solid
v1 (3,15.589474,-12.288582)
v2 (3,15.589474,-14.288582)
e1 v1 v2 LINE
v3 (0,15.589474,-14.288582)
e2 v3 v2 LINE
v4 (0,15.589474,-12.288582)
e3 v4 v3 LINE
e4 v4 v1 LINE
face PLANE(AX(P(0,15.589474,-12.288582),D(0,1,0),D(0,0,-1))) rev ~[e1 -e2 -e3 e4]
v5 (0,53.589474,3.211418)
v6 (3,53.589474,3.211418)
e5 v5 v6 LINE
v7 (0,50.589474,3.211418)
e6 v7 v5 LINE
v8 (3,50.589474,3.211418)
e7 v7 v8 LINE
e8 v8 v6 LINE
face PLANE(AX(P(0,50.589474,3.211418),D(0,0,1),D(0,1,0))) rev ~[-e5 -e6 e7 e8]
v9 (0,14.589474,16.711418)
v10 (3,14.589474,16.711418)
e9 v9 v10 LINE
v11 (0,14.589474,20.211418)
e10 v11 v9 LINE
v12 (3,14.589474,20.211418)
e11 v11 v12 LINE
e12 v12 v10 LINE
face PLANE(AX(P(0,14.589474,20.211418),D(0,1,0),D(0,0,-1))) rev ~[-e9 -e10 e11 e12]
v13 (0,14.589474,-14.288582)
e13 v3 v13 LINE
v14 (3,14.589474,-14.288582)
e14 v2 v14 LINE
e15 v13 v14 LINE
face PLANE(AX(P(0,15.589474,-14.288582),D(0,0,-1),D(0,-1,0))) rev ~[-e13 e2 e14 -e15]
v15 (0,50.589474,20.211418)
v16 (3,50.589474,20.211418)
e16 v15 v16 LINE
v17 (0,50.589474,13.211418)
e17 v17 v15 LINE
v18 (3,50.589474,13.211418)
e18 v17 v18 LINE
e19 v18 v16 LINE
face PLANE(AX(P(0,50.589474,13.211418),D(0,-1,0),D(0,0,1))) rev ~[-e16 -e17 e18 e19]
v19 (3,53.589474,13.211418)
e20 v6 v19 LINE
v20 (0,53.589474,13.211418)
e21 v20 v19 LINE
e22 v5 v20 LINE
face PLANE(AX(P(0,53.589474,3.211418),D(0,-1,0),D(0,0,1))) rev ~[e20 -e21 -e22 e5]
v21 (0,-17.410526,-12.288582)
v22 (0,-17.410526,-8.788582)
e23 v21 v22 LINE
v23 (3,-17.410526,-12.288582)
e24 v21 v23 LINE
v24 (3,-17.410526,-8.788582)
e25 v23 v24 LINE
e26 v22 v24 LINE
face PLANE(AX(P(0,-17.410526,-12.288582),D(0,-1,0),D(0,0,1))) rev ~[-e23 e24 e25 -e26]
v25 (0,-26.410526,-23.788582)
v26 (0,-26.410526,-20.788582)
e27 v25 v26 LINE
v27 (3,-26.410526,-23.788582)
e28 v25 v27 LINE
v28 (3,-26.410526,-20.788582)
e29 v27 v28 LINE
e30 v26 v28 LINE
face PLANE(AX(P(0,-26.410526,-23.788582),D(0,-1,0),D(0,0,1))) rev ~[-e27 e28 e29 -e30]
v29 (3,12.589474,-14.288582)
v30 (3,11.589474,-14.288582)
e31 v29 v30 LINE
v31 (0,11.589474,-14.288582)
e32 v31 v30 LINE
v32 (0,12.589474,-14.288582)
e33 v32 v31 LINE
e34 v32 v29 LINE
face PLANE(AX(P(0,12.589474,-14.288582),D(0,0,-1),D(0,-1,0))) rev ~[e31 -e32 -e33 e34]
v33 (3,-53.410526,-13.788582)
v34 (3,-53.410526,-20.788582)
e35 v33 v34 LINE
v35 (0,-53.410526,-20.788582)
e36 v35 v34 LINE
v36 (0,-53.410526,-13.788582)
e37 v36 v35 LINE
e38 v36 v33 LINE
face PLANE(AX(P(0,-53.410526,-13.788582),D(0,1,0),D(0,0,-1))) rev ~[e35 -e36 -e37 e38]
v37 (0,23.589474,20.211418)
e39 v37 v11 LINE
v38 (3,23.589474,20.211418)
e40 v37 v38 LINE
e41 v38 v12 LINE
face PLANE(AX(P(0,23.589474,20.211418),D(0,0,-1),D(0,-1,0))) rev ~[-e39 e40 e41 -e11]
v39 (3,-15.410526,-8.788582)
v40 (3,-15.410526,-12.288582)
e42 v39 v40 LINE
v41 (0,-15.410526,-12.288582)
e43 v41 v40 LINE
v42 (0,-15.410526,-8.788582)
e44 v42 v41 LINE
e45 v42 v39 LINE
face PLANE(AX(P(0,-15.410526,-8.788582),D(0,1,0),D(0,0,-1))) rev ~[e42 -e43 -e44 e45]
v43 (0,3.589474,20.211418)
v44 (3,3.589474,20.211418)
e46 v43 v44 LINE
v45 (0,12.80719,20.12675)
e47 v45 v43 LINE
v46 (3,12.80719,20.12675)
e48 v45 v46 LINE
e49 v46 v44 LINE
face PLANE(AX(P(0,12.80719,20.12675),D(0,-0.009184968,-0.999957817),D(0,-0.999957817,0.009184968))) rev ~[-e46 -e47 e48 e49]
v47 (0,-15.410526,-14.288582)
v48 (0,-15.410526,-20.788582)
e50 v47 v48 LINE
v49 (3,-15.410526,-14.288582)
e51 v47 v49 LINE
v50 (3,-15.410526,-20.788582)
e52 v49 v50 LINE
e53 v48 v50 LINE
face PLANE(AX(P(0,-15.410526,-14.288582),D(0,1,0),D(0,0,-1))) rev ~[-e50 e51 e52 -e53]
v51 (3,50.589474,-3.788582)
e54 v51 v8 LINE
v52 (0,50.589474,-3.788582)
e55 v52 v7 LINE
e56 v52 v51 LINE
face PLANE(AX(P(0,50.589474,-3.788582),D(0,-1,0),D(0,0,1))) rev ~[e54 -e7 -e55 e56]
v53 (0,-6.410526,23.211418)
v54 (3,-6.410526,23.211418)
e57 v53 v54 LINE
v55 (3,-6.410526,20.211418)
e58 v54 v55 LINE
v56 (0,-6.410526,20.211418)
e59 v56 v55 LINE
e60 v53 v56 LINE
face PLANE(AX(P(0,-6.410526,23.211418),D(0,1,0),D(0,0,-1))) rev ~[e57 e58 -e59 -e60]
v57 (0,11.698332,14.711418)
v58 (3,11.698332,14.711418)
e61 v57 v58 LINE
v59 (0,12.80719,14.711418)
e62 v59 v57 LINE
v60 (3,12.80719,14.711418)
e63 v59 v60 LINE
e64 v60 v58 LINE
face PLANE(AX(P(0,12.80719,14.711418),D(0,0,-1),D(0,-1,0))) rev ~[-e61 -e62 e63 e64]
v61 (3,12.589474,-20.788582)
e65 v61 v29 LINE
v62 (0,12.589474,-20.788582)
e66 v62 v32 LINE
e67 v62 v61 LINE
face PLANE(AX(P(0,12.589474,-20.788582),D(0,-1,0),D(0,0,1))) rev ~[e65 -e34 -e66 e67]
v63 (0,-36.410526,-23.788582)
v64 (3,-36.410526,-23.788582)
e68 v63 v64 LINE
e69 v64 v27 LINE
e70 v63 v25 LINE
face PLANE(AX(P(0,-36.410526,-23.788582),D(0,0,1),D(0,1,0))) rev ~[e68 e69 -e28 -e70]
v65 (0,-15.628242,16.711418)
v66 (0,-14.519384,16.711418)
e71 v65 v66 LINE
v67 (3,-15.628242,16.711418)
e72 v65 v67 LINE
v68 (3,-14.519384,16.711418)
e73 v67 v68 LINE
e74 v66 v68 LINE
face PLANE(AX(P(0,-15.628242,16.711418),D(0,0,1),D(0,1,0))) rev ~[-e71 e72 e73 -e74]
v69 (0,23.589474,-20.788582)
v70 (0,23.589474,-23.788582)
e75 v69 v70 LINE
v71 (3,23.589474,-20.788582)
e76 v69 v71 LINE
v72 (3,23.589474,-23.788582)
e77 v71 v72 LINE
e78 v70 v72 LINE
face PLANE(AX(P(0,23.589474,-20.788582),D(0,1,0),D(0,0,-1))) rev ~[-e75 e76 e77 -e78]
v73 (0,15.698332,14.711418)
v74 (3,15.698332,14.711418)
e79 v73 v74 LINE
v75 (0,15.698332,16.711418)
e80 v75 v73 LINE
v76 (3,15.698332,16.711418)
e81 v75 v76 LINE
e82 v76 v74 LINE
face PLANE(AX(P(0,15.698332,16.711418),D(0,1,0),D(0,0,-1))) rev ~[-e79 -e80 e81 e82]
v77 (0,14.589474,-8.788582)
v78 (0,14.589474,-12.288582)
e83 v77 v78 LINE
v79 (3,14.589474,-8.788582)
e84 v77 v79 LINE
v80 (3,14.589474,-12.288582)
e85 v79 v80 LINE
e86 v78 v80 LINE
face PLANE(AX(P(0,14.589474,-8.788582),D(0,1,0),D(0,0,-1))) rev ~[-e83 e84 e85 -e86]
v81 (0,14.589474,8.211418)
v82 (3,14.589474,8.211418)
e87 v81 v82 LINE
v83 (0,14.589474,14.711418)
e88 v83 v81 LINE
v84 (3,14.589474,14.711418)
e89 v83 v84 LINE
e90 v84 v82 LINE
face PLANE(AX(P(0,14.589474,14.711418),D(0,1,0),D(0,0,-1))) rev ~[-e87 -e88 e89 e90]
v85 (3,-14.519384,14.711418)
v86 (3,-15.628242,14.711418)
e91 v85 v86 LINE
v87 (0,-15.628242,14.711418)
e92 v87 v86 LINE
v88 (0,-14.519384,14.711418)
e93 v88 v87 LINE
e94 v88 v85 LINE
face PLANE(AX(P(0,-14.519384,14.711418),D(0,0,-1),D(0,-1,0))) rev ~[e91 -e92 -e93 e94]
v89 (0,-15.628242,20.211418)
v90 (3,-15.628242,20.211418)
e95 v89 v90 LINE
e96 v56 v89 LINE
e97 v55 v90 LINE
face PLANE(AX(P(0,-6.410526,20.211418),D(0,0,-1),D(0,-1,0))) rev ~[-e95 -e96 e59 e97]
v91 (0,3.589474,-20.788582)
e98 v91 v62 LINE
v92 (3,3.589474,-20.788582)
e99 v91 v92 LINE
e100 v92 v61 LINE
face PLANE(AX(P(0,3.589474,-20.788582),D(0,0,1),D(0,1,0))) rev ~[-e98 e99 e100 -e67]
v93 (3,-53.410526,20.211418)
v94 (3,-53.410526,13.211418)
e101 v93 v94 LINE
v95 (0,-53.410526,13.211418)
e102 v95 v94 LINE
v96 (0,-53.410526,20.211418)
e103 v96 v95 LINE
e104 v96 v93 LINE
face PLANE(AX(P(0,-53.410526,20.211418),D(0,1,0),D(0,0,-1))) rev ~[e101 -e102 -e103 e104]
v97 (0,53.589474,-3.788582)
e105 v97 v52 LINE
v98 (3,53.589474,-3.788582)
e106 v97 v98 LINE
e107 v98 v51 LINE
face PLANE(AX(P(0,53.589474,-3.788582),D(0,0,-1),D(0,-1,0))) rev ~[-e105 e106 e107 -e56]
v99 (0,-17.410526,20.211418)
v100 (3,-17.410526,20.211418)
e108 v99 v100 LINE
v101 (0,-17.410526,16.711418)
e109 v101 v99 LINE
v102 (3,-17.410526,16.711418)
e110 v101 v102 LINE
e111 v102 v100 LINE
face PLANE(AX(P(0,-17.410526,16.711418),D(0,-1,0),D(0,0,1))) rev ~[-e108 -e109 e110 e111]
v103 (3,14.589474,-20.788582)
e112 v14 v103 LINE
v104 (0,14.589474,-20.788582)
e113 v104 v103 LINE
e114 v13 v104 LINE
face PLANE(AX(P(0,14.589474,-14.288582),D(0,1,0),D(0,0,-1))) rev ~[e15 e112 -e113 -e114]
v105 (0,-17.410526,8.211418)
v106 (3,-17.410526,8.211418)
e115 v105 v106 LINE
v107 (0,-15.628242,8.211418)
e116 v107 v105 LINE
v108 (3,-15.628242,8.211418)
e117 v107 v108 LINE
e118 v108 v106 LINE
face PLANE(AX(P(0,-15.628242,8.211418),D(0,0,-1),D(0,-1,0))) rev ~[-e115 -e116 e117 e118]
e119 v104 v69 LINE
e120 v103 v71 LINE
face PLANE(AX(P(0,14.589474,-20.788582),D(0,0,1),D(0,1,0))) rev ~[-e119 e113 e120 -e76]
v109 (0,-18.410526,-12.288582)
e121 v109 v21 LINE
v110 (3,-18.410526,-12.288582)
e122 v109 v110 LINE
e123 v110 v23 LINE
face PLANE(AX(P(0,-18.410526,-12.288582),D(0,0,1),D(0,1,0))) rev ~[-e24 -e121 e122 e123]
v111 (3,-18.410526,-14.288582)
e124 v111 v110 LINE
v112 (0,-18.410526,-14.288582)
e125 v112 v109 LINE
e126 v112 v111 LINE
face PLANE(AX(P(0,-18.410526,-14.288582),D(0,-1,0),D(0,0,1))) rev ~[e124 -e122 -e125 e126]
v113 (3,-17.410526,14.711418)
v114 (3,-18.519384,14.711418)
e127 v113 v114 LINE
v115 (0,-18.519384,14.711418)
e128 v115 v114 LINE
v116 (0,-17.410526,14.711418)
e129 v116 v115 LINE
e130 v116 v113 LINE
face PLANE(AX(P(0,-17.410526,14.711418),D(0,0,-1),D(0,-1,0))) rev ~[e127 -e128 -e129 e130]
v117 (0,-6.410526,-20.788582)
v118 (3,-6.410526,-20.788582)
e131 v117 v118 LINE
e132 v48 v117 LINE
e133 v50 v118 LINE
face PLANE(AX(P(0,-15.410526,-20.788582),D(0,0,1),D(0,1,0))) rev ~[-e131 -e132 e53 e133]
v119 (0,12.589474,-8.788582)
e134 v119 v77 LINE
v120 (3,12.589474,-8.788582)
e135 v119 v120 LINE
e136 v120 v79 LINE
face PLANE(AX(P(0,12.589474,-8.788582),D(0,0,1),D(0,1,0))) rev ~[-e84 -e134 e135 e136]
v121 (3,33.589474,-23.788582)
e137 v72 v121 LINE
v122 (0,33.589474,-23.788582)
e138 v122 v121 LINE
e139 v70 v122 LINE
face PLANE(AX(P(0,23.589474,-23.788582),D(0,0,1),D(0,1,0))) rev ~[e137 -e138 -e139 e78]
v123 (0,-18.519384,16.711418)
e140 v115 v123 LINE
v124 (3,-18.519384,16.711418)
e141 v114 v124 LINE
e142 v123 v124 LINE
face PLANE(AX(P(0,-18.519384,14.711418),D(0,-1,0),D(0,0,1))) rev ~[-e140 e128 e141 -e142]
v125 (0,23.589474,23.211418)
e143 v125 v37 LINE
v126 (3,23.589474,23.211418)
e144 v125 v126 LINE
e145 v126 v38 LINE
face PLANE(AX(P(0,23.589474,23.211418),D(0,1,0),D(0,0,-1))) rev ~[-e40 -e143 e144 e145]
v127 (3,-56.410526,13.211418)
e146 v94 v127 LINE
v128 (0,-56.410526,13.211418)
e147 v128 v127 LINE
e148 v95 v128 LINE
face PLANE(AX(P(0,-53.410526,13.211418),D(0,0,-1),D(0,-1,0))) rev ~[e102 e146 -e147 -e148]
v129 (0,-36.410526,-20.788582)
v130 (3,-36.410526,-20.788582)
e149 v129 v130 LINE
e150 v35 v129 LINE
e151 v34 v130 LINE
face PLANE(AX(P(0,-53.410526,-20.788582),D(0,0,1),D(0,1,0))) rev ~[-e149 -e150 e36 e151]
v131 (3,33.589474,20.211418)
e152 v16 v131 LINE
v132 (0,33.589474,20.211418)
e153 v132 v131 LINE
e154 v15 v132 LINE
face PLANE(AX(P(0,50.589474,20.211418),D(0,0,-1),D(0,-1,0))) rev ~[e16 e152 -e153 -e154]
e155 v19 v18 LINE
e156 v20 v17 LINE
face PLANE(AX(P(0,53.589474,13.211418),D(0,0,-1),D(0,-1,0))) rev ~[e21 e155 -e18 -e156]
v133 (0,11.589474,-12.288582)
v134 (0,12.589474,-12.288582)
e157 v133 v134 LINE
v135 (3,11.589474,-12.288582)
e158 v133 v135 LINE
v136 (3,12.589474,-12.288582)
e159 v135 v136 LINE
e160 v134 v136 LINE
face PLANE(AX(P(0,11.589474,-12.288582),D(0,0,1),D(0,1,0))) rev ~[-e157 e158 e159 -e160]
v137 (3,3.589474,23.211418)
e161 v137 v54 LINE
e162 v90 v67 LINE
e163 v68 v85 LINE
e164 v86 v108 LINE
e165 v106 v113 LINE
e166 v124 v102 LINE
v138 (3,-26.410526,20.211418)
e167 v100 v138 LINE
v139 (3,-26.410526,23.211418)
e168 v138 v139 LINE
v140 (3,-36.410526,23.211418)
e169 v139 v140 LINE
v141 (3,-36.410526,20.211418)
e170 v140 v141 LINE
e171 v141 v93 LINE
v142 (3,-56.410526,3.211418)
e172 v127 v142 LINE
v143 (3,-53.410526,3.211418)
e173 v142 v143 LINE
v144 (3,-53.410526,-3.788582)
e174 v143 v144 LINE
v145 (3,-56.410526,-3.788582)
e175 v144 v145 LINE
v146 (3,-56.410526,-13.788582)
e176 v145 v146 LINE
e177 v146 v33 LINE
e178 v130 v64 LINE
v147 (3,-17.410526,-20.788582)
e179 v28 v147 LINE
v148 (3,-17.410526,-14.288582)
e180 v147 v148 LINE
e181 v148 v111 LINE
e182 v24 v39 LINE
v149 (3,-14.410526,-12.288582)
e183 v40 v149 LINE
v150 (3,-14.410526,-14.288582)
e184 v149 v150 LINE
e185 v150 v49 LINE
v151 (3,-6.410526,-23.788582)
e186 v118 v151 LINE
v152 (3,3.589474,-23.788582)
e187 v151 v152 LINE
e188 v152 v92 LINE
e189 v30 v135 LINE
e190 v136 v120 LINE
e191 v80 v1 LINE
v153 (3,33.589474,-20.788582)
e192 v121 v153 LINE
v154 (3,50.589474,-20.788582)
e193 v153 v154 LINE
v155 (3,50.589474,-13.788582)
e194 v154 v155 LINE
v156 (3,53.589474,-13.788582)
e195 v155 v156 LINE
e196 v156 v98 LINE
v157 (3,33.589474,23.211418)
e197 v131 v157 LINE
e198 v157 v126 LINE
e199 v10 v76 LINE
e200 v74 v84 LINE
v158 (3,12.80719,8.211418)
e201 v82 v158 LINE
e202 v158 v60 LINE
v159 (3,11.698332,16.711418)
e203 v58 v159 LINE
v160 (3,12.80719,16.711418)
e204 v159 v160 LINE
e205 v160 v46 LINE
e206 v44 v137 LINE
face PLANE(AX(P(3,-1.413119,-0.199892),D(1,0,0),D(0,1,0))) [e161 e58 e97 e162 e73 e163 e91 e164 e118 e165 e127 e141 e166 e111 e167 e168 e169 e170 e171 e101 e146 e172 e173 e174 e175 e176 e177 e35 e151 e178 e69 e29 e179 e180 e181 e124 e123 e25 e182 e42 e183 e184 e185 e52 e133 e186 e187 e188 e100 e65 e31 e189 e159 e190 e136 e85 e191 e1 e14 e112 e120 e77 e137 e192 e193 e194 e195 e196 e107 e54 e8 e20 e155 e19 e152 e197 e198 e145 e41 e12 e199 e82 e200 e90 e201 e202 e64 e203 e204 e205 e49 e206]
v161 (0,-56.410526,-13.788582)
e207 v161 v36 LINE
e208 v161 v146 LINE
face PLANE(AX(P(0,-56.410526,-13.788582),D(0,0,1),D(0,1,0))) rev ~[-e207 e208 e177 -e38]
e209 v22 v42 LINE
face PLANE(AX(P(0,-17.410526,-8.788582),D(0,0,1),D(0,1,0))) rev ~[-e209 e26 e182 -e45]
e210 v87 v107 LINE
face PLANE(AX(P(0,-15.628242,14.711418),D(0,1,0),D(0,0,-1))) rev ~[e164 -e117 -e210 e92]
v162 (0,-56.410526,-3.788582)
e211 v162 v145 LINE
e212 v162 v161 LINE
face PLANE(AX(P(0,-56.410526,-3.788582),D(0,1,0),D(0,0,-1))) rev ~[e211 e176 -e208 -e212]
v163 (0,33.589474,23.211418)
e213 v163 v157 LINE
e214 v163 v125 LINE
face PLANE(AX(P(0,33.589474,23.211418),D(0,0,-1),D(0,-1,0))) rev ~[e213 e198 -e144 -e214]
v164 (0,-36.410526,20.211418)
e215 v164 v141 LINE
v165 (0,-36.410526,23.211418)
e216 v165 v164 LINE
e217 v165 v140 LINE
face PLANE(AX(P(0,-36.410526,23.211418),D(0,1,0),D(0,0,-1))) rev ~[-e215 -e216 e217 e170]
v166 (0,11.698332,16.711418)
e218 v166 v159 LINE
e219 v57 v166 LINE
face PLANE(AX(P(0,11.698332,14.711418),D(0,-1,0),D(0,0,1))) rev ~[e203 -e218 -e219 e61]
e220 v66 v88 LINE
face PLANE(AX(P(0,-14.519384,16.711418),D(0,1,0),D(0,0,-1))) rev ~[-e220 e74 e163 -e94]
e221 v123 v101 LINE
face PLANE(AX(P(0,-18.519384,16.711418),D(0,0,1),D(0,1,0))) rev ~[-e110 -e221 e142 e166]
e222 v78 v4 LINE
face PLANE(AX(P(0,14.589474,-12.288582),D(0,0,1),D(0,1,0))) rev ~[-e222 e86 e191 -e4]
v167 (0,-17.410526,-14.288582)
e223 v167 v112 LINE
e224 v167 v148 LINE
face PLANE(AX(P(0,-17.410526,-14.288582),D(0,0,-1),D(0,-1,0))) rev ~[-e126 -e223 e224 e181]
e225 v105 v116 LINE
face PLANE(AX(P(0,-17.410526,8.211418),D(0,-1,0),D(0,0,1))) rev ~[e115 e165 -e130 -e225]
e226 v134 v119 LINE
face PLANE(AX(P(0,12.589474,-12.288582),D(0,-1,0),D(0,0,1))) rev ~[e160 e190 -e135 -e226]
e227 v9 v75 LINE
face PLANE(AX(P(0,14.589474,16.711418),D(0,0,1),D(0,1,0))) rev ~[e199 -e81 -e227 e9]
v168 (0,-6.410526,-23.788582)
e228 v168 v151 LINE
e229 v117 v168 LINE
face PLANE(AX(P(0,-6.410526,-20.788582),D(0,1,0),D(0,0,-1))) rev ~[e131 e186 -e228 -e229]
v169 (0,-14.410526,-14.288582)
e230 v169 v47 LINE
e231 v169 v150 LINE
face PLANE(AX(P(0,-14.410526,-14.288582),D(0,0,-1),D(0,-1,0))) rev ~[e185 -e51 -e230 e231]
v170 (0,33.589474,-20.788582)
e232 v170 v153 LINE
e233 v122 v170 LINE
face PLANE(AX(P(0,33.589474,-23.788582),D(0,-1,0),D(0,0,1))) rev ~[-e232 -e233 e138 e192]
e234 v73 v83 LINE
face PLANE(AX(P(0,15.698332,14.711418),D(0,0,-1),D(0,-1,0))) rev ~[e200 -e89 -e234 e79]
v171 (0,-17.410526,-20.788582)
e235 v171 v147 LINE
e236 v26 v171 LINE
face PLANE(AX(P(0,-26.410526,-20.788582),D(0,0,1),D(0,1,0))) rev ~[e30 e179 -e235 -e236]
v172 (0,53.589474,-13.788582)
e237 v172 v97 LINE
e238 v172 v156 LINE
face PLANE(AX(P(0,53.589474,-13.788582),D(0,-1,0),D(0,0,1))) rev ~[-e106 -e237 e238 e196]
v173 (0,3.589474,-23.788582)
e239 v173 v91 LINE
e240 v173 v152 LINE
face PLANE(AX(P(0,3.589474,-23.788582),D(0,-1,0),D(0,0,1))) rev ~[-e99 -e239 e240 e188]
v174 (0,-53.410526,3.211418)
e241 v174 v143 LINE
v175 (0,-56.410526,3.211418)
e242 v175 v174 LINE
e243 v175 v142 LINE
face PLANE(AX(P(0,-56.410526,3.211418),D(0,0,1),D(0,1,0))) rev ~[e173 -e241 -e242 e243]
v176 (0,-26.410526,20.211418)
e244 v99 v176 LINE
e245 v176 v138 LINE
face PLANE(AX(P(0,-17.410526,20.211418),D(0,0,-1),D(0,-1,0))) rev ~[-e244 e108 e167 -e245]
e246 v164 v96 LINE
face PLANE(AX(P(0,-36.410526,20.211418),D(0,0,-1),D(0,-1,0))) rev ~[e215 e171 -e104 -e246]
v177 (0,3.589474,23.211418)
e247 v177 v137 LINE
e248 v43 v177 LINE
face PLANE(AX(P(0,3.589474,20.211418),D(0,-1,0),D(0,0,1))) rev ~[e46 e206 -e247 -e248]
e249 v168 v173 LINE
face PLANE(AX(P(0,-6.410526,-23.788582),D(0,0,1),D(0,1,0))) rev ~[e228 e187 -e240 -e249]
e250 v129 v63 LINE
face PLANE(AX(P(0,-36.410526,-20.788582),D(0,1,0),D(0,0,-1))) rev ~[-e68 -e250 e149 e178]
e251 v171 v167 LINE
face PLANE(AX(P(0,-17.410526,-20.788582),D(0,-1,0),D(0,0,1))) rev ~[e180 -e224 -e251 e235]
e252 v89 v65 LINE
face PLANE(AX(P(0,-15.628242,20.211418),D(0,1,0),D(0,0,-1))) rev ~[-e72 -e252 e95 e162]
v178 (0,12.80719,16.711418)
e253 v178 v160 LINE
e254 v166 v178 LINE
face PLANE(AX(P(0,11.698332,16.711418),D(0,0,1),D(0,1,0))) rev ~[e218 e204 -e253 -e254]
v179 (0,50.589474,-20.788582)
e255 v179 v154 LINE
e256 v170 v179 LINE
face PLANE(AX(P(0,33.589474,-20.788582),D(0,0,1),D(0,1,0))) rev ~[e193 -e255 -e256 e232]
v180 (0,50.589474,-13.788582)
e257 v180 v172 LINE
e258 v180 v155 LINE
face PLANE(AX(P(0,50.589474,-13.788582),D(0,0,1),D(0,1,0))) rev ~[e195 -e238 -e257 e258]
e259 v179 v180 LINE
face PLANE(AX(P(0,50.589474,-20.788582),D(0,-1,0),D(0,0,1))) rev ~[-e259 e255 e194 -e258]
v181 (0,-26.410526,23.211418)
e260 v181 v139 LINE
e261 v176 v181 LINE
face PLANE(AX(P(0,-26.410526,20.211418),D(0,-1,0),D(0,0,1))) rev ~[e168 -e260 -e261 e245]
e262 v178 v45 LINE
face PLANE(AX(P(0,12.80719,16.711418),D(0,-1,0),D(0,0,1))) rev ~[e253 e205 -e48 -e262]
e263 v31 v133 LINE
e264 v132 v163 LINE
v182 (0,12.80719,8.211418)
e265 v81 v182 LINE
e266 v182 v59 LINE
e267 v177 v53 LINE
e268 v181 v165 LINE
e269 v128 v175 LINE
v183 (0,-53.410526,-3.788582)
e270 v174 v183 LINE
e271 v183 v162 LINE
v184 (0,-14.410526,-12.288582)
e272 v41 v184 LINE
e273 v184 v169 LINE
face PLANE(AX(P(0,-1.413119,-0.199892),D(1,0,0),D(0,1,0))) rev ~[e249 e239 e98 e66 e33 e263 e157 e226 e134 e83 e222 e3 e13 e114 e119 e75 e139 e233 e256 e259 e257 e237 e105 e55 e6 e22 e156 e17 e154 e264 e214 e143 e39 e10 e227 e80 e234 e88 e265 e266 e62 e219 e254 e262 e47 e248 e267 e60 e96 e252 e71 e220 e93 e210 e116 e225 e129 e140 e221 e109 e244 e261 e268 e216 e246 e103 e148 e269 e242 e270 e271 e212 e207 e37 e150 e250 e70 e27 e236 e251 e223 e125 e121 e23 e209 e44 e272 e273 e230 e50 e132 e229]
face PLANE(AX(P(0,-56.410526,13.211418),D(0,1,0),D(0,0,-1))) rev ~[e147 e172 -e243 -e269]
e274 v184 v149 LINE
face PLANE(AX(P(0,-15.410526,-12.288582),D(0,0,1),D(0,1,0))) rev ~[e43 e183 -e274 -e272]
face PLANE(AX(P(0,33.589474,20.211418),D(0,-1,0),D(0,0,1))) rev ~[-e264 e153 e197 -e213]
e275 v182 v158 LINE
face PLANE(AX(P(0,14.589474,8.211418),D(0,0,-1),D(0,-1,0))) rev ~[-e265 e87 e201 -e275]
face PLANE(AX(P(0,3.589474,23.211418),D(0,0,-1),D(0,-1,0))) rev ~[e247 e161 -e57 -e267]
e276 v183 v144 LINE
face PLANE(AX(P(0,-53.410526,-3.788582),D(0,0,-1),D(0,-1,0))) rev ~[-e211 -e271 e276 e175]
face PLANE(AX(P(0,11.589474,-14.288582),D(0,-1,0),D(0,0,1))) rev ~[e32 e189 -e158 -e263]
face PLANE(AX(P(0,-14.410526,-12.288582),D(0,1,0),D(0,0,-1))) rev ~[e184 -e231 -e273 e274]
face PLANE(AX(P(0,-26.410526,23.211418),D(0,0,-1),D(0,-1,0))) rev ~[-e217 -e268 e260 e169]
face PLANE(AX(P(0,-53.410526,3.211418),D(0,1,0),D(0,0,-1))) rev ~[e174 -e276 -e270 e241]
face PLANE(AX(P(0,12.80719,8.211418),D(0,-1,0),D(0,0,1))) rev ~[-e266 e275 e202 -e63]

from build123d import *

# Parameters (mm, degrees)
F1_DEPTH = 3


with BuildPart() as f1:
    # F0 (on Right) → F1 (new body)
    with BuildSketch(Plane.YZ):
        Polygon((33.589474, -20.788582), (50.589474, -20.788582), (50.589474, -13.788582), (53.589474, -13.788582), (53.589474, -3.788582), (50.589474, -3.788582), (50.589474, 3.211418), (53.589474, 3.211418), (53.589474, 13.211418), (50.589474, 13.211418), (50.589474, 20.211418), (33.589474, 20.211418), (33.589474, 23.211418), (23.589474, 23.211418), (23.589474, 20.211418), (14.589474, 20.211418), (14.589474, 16.711418), (15.698332, 16.711418), (15.698332, 14.711418), (14.589474, 14.711418), (14.589474, 8.211418), (12.80719, 8.211418), (12.80719, 14.711418), (11.698332, 14.711418), (11.698332, 16.711418), (12.80719, 16.711418), (12.80719, 20.12675), (3.589474, 20.211418), (3.589474, 23.211418), (-6.410526, 23.211418), (-6.410526, 20.211418), (-15.628242, 20.211418), (-15.628242, 16.711418), (-14.519384, 16.711418), (-14.519384, 14.711418), (-15.628242, 14.711418), (-15.628242, 8.211418), (-17.410526, 8.211418), (-17.410526, 14.711418), (-18.519384, 14.711418), (-18.519384, 16.711418), (-17.410526, 16.711418), (-17.410526, 20.211418), (-26.410526, 20.211418), (-26.410526, 23.211418), (-36.410526, 23.211418), (-36.410526, 20.211418), (-53.410526, 20.211418), (-53.410526, 13.211418), (-56.410526, 13.211418), (-56.410526, 3.211418), (-53.410526, 3.211418), (-53.410526, -3.788582), (-56.410526, -3.788582), (-56.410526, -13.788582), (-53.410526, -13.788582), (-53.410526, -20.788582), (-36.410526, -20.788582), (-36.410526, -23.788582), (-26.410526, -23.788582), (-26.410526, -20.788582), (-17.410526, -20.788582), (-17.410526, -14.288582), (-18.410526, -14.288582), (-18.410526, -12.288582), (-17.410526, -12.288582), (-17.410526, -8.788582), (-15.410526, -8.788582), (-15.410526, -12.288582), (-14.410526, -12.288582), (-14.410526, -14.288582), (-15.410526, -14.288582), (-15.410526, -20.788582), (-6.410526, -20.788582), (-6.410526, -23.788582), (3.589474, -23.788582), (3.589474, -20.788582), (12.589474, -20.788582), (12.589474, -14.288582), (11.589474, -14.288582), (11.589474, -12.288582), (12.589474, -12.288582), (12.589474, -8.788582), (14.589474, -8.788582), (14.589474, -12.288582), (15.589474, -12.288582), (15.589474, -14.288582), (14.589474, -14.288582), (14.589474, -20.788582), (23.589474, -20.788582), (23.589474, -23.788582), (33.589474, -23.788582), align=None)
    extrude(amount=F1_DEPTH)


solid = f1.part
